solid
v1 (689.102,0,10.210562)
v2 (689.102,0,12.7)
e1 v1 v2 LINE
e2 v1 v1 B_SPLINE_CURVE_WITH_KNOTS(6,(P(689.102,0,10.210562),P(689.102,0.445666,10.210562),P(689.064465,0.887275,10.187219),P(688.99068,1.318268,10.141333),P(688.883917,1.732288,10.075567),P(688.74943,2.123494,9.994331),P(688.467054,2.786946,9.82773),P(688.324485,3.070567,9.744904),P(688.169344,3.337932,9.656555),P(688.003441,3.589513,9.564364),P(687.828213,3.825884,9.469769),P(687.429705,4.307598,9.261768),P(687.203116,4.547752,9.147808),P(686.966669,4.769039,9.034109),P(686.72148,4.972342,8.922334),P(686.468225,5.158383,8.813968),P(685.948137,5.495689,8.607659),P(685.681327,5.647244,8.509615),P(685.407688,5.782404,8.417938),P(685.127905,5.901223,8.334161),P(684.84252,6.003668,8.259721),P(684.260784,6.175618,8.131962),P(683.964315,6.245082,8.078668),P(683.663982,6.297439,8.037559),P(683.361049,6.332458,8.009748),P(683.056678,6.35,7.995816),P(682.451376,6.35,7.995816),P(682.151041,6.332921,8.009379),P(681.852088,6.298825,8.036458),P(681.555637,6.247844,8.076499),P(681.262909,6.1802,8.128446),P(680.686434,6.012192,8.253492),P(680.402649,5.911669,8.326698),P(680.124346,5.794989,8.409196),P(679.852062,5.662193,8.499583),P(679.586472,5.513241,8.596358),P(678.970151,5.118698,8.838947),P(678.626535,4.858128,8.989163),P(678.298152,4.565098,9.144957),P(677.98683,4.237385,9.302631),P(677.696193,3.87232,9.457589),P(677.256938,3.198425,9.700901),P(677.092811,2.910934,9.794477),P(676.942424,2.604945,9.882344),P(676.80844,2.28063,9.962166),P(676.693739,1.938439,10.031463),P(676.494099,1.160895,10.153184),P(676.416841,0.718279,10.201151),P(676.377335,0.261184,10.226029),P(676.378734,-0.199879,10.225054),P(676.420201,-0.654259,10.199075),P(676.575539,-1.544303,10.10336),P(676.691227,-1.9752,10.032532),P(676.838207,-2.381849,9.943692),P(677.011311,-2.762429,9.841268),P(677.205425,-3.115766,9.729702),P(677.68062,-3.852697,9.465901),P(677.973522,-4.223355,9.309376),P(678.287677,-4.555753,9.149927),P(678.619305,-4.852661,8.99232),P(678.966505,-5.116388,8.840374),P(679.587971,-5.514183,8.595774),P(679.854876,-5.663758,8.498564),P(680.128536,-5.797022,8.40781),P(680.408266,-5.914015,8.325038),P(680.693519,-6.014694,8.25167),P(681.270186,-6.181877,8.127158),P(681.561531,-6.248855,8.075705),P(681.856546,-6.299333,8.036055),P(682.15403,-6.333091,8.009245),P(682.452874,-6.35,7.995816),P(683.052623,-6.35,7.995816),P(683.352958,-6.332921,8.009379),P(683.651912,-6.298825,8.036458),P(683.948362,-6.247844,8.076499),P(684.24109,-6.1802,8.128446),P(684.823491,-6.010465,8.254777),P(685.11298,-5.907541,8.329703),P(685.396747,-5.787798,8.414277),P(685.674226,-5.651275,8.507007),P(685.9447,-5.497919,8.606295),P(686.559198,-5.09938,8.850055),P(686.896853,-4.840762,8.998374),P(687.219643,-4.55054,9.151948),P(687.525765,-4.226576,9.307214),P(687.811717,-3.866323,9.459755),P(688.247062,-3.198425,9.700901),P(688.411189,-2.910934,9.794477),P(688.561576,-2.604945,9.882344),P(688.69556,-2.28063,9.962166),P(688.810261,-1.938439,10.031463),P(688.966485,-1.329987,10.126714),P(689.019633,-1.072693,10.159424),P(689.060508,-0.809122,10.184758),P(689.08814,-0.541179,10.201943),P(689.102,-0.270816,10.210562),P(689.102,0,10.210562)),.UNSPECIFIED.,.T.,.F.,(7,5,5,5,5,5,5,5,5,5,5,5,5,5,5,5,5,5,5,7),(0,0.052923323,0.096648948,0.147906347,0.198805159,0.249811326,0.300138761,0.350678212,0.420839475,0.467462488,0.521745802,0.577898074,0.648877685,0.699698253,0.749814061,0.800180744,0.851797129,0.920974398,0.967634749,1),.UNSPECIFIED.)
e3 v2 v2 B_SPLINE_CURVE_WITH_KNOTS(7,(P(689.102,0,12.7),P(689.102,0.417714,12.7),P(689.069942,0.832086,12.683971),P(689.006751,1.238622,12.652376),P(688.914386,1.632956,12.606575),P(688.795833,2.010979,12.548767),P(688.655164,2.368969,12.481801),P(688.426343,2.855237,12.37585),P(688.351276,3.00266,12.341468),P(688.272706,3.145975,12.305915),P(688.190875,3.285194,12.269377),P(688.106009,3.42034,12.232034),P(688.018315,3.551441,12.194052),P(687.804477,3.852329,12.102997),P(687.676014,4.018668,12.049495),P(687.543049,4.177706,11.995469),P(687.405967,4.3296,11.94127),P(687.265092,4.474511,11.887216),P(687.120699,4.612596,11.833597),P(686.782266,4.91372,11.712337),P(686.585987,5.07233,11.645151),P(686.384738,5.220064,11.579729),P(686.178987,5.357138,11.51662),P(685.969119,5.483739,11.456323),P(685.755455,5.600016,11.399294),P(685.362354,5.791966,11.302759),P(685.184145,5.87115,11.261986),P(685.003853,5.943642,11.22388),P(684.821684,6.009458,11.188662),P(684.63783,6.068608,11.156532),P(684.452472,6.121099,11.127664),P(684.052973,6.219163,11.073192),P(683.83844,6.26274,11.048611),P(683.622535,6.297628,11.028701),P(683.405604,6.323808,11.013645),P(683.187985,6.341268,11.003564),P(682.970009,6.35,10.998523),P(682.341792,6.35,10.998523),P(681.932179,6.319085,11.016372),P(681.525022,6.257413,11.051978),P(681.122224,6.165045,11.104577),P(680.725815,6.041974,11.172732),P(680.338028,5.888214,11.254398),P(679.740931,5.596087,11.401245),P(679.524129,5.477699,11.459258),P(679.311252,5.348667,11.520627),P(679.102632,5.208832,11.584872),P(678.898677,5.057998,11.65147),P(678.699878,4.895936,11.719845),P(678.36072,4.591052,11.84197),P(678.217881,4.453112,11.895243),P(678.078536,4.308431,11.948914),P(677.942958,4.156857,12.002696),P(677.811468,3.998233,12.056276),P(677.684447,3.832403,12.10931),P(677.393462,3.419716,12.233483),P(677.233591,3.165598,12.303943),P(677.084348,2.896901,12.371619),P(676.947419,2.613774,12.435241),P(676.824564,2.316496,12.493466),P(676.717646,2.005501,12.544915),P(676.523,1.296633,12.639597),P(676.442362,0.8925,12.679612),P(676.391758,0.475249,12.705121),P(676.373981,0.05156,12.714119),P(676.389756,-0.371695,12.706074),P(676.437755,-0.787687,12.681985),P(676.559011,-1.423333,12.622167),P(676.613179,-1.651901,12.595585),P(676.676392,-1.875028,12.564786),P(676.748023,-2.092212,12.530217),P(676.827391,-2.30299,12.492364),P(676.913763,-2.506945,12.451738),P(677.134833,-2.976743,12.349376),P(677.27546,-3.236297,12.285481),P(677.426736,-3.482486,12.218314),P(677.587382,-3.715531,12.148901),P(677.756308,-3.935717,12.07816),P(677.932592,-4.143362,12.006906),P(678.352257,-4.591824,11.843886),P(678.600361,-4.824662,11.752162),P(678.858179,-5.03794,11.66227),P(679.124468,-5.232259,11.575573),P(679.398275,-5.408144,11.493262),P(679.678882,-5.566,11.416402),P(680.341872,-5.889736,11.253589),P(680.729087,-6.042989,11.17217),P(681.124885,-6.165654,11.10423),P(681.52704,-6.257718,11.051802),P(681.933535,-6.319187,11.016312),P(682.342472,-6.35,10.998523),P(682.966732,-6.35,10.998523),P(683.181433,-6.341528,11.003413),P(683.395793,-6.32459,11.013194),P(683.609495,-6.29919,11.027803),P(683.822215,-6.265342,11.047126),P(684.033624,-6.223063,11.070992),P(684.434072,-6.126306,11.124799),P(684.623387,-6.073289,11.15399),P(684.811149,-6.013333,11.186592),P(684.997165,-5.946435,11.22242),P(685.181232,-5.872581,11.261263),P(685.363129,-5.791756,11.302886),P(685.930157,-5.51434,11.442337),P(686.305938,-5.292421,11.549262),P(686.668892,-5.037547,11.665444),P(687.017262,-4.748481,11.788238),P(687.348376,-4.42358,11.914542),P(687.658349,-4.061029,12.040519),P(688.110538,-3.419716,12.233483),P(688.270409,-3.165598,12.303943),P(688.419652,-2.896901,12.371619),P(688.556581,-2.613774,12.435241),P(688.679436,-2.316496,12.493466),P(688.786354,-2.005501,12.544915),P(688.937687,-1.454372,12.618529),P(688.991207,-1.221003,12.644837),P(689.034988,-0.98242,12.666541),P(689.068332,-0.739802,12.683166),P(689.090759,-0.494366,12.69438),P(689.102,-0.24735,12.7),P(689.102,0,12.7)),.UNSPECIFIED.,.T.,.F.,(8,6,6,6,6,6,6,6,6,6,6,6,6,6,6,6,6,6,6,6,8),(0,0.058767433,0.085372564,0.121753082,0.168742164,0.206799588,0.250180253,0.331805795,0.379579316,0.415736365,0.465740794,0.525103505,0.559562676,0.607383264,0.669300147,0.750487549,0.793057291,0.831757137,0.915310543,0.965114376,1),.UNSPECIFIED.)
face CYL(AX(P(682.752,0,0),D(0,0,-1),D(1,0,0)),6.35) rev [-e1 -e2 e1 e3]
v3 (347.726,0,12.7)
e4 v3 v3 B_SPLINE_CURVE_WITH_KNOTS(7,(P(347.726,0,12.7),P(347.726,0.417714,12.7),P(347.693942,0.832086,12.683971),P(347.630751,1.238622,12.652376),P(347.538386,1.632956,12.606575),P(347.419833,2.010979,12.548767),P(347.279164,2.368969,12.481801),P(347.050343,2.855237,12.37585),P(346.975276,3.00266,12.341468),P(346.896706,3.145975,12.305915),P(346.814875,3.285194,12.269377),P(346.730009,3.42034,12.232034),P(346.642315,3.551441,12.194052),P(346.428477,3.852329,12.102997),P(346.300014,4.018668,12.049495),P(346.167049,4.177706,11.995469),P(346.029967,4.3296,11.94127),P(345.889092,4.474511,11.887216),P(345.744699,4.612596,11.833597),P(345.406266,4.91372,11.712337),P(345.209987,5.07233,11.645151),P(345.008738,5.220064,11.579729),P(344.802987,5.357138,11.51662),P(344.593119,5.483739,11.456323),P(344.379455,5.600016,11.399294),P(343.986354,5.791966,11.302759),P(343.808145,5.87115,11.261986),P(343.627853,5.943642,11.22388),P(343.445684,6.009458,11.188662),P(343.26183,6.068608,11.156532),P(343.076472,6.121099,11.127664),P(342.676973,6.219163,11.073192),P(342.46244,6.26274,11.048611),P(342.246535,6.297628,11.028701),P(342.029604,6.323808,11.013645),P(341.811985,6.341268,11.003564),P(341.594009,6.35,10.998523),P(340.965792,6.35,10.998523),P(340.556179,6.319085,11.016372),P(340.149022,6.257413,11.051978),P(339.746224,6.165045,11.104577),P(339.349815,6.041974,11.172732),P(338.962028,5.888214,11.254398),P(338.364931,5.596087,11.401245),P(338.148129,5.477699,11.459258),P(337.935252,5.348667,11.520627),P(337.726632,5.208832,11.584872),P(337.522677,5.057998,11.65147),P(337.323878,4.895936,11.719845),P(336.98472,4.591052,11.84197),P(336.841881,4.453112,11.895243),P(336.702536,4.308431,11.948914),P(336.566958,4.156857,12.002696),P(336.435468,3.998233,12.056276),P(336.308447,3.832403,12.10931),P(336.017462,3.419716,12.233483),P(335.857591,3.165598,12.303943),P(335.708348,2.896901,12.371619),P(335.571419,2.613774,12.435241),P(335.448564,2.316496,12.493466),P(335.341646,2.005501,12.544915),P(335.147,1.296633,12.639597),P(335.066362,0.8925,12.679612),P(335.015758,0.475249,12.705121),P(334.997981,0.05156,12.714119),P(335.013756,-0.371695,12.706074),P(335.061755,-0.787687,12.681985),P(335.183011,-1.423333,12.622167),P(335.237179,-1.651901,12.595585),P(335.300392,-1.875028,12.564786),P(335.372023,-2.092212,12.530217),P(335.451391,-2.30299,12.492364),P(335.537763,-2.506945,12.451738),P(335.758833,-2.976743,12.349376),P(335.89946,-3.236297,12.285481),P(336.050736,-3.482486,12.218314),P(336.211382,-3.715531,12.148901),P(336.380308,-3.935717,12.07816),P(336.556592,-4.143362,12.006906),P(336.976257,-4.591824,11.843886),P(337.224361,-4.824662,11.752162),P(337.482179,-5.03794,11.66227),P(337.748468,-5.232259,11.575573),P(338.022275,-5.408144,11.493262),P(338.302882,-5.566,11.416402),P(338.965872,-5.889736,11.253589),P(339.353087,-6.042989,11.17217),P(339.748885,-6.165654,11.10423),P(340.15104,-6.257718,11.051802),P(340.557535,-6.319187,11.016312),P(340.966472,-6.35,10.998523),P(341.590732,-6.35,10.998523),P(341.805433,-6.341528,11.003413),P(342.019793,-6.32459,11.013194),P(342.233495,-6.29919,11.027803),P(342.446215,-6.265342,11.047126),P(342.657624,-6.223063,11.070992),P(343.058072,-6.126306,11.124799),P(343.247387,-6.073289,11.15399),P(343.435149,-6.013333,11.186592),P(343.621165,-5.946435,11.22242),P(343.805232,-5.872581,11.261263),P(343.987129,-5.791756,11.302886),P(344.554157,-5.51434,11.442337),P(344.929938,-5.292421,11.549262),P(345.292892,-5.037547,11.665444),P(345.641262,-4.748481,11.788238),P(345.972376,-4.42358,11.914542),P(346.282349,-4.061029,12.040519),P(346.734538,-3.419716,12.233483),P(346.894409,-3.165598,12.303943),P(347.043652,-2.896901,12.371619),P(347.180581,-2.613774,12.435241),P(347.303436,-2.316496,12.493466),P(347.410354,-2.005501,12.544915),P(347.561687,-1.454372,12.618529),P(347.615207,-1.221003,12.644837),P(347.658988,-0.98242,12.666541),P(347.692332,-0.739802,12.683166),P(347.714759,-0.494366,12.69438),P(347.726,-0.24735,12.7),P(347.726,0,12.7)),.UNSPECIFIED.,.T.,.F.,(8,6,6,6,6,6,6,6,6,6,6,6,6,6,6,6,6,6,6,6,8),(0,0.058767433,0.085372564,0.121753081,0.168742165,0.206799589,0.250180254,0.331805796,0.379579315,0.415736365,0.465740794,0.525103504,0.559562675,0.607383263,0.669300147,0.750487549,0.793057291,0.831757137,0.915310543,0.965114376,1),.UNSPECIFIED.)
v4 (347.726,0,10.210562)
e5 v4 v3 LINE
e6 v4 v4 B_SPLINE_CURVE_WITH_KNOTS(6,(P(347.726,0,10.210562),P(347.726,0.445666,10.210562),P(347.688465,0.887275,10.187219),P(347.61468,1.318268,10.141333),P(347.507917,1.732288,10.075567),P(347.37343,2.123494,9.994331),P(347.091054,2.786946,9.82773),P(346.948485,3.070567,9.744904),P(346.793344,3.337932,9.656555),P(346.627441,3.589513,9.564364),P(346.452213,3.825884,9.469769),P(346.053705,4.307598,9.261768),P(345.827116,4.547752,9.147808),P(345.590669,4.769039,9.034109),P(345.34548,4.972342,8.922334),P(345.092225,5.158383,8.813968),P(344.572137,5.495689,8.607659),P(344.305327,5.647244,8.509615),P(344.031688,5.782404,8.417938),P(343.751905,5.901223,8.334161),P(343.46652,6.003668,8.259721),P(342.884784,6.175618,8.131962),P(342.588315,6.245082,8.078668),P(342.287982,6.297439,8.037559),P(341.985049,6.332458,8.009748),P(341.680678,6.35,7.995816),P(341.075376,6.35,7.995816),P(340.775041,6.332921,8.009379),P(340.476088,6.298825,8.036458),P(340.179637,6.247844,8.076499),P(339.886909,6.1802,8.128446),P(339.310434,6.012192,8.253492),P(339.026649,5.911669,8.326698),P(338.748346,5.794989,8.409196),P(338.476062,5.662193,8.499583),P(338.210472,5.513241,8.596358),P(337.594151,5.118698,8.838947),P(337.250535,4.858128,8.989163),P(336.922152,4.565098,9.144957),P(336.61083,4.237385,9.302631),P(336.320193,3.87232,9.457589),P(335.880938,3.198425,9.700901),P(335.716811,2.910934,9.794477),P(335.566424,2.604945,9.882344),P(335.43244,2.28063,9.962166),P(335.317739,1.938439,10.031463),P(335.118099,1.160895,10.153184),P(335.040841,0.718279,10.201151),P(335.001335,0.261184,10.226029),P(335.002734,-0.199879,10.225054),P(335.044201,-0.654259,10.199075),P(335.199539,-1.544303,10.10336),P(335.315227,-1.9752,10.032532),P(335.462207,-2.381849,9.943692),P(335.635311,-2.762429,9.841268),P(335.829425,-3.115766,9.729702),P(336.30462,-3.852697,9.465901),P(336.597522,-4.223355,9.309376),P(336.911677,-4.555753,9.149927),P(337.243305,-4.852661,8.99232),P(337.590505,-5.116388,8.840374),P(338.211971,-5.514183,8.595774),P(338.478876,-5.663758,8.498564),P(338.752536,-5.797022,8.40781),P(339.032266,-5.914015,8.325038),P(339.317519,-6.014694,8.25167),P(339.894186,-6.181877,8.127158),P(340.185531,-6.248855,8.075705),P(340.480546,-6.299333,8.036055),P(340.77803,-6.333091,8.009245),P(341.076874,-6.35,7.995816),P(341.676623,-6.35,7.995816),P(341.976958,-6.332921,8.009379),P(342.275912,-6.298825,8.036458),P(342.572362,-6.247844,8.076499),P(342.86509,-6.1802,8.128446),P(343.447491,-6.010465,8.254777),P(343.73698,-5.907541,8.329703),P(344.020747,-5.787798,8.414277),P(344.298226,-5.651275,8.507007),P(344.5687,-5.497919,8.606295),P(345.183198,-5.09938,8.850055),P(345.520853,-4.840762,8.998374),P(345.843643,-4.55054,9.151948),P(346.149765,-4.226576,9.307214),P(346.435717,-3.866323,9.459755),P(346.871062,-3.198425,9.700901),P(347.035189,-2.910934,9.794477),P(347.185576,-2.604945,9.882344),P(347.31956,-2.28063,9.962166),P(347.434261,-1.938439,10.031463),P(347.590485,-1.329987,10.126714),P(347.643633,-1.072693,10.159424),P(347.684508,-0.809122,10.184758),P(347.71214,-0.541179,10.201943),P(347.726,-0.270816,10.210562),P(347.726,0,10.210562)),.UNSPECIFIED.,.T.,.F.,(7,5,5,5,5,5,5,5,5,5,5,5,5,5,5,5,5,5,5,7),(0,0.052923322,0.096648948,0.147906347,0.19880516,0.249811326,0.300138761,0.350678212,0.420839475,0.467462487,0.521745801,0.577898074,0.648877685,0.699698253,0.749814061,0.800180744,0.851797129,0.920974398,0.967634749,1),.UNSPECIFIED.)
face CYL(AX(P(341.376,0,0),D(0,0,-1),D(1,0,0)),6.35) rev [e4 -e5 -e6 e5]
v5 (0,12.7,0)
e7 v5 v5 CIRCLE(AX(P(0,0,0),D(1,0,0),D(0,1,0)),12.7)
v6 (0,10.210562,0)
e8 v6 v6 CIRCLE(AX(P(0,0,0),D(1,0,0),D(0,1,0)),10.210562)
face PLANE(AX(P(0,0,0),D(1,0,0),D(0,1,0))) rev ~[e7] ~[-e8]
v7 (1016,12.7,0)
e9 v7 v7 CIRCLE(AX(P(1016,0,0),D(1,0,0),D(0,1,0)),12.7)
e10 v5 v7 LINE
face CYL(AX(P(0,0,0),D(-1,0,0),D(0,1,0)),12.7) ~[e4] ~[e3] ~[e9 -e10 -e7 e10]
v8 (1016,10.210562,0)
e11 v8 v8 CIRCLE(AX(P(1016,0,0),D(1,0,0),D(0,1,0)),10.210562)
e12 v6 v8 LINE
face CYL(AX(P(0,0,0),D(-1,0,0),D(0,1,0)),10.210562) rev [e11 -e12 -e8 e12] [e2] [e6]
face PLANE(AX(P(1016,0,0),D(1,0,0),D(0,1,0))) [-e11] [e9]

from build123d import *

# Parameters (mm, degrees)
F0_R     = 12.7
F0_R_2   = 10.210562
F1_DEPTH = 1016
F2_R     = 6.35
F3_DEPTH = 25.4


with BuildPart() as f1:
    # F0 (on Right) → F1 (new body)
    with BuildSketch(Plane.YZ):
        Circle(F0_R)
        Circle(F0_R_2, mode=Mode.SUBTRACT)
    extrude(amount=F1_DEPTH)

    # F2 (on Top) → F3 (cut)
    with BuildSketch(Plane.XY):
        with Locations((341.376, 0)):
            Circle(F2_R)
        with Locations((682.752, 0)):
            Circle(F2_R)
        with Locations((1024.128, 0)):
            Circle(F2_R)
        with Locations((1365.504, 0)):
            Circle(F2_R)
    extrude(amount=F3_DEPTH, mode=Mode.SUBTRACT)


solid = f1.part
